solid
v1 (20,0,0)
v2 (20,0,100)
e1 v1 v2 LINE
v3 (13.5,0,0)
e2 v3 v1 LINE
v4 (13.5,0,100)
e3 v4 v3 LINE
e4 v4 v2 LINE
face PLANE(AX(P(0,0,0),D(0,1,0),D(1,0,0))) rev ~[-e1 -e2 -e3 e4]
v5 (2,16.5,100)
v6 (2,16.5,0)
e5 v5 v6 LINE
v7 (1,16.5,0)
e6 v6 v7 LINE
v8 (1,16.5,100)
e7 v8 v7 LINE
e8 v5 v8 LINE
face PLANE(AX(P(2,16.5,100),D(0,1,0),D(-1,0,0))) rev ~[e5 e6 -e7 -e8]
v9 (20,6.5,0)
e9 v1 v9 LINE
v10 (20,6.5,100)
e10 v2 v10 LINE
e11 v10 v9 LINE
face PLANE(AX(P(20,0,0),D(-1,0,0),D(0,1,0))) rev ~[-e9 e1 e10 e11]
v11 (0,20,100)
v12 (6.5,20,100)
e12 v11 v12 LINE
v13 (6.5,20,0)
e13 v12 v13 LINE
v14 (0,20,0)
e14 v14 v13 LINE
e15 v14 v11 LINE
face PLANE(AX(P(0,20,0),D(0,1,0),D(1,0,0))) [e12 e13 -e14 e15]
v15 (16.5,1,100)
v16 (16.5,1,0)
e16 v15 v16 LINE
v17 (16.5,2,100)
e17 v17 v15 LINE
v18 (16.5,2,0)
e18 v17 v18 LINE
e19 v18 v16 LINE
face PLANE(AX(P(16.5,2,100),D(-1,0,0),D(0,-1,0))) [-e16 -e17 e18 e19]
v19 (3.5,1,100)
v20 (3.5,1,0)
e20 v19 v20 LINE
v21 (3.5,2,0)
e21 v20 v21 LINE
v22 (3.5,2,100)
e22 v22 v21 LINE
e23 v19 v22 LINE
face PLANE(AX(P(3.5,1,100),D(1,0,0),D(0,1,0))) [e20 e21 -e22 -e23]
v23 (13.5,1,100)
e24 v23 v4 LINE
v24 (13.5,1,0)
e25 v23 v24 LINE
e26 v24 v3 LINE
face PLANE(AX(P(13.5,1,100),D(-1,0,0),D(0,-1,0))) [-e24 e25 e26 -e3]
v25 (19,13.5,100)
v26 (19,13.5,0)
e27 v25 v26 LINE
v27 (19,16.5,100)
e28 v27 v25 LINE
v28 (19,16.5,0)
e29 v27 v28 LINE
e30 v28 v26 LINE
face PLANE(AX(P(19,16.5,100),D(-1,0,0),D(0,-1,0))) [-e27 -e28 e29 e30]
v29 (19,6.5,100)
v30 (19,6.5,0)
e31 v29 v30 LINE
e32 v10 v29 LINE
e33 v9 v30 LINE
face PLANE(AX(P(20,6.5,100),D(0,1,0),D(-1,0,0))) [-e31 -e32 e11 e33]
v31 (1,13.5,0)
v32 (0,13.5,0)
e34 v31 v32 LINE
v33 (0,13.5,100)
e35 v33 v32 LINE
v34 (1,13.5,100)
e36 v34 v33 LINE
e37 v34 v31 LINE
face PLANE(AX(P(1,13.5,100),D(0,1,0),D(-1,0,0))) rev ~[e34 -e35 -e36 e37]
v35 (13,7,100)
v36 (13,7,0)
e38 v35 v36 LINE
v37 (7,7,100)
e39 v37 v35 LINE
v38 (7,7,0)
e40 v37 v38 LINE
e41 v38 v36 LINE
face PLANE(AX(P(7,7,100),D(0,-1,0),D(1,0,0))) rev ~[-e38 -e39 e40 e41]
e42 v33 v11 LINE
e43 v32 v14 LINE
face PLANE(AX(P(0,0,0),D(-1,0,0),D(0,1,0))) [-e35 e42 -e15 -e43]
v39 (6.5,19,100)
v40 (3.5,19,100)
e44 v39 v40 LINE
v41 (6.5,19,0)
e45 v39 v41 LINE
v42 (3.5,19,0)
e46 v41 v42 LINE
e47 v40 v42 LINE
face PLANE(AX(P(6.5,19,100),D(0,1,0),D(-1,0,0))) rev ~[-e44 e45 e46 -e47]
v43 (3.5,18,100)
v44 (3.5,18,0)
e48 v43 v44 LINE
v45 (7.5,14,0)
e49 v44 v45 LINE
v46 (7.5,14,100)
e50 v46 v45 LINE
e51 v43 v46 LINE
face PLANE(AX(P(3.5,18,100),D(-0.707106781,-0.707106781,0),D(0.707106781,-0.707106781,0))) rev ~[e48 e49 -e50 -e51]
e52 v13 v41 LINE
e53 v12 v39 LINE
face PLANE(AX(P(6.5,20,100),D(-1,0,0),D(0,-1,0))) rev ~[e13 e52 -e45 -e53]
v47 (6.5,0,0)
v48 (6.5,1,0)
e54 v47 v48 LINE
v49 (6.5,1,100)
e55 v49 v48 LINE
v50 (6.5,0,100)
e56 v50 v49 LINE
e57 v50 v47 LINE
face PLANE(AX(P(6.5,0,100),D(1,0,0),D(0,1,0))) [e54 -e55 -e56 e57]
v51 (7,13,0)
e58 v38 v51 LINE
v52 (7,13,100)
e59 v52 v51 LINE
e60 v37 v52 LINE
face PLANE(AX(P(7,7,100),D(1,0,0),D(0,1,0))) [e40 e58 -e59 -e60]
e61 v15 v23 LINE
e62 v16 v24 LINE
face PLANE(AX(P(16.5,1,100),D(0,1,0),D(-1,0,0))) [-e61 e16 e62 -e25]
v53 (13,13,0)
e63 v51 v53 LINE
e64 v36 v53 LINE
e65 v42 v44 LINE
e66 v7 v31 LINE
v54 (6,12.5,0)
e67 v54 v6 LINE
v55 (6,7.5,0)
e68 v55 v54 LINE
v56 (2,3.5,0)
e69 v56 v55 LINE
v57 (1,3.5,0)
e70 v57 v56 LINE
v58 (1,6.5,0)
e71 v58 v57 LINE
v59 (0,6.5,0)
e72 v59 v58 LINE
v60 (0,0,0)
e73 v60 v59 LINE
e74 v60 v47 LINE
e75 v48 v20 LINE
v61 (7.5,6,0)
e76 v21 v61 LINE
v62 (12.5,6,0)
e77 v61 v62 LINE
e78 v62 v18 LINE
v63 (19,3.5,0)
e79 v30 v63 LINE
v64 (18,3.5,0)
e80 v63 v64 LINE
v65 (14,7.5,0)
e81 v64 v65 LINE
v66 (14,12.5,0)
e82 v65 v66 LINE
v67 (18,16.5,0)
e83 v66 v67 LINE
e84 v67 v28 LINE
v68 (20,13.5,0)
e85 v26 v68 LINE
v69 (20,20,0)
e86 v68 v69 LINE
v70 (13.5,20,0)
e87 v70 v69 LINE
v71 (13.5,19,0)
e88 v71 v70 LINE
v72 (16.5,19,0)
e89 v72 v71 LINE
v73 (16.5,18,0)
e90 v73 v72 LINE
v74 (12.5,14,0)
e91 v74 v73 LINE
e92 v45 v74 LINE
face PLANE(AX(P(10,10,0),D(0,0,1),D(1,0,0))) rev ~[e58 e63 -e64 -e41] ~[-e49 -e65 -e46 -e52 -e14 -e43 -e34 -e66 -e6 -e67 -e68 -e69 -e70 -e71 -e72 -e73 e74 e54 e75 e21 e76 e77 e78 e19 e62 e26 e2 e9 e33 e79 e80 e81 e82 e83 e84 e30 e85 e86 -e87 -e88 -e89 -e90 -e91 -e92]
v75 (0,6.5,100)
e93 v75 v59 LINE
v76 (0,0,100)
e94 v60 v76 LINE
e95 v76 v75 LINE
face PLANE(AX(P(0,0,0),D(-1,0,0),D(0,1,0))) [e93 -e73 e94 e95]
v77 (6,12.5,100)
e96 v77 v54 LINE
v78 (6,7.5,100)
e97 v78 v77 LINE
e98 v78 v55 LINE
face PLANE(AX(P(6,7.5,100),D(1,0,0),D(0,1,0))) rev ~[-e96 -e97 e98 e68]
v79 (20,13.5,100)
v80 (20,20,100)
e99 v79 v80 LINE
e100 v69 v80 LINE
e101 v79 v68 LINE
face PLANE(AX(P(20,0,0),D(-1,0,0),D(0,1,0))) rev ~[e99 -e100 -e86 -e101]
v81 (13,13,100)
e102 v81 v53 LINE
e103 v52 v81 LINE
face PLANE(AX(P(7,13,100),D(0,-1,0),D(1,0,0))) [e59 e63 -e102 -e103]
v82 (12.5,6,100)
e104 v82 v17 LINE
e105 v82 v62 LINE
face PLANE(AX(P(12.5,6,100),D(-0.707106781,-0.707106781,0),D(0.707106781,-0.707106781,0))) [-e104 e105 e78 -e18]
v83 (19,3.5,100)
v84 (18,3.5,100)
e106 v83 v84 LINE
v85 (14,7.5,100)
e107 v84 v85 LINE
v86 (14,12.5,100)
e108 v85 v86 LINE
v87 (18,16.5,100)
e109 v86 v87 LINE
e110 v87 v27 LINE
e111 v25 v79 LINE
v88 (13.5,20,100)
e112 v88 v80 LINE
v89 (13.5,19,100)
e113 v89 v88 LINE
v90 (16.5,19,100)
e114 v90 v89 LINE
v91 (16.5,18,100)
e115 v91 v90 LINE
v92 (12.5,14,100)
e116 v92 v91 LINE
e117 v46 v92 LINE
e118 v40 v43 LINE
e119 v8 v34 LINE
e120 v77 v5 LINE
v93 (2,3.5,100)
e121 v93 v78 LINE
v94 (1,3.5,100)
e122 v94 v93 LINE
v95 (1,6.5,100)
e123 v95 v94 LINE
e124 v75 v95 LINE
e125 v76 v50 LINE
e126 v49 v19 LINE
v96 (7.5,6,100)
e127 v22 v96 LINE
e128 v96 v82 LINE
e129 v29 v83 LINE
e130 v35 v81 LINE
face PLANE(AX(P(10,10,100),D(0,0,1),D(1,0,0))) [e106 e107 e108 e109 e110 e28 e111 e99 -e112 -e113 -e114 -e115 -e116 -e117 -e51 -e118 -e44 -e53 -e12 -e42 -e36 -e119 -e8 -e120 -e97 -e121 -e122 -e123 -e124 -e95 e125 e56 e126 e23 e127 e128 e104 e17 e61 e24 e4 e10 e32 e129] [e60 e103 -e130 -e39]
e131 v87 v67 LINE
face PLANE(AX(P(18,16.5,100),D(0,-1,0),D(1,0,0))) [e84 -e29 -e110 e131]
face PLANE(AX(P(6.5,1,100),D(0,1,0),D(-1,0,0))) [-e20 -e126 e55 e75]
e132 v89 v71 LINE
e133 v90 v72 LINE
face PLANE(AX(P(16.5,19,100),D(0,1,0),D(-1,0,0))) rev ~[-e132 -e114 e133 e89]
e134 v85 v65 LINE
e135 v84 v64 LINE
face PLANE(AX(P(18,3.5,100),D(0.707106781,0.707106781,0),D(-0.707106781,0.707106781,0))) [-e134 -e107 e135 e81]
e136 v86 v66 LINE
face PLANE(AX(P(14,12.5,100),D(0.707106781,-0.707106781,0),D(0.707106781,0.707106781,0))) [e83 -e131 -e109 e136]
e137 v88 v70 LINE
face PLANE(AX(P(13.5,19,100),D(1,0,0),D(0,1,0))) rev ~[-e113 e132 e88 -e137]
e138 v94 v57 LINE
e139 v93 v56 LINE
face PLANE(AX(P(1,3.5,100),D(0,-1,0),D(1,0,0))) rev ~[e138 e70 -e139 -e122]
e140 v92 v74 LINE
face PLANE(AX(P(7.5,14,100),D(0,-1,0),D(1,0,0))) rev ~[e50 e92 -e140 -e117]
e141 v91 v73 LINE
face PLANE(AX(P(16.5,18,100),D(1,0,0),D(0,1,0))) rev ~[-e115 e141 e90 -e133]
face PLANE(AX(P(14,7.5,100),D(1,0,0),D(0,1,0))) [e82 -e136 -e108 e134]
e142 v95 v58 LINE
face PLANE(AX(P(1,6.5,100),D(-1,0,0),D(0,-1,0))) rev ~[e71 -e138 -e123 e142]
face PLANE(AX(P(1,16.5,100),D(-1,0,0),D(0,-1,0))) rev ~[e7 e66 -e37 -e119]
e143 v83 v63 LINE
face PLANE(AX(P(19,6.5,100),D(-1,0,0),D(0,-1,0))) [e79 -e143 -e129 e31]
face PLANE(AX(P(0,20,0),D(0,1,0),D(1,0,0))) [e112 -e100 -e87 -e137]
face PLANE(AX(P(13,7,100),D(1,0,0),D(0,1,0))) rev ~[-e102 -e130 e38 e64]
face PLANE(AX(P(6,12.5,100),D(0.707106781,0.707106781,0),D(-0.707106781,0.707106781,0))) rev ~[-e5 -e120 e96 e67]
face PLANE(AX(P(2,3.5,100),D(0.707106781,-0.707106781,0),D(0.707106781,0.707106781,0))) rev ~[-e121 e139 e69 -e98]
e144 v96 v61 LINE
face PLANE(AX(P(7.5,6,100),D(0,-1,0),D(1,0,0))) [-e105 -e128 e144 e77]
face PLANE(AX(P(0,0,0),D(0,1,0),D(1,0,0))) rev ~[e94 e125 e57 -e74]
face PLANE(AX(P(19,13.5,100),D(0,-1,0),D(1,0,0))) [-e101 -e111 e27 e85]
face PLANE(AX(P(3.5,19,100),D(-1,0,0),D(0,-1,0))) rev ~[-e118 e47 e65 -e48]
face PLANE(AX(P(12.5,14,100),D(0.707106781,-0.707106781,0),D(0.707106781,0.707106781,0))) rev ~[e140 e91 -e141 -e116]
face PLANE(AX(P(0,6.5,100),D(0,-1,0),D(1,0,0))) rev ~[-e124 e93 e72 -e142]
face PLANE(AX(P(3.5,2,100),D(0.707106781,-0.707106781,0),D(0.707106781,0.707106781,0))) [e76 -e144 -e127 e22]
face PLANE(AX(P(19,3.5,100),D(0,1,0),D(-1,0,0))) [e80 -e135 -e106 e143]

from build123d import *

# Parameters (mm, degrees)
SKETCH_W        = 20
SKETCH_H        = 20
PAD_DEPTH       = 100
SKETCH001_W     = 6
SKETCH001_H     = 6
POCKET_DEPTH    = 100.001
POCKET001_DEPTH = 100.001


with BuildPart() as part:
    # Sketch → Pad (new body)
    with BuildSketch(Plane.XY):
        with Locations((10, 10)):
            Rectangle(SKETCH_W, SKETCH_H)
    extrude(amount=PAD_DEPTH)

    # Sketch001 (on Face6 of Pad) → Pocket (cut, through all)
    with BuildSketch(Plane.XY.offset(100)):
        with Locations((10, 10)):
            Rectangle(SKETCH001_W, SKETCH001_H)
    extrude(amount=-POCKET_DEPTH, mode=Mode.SUBTRACT)

    # Sketch002 (on Face5 of Pocket) → Pocket001 (cut, through all)
    with BuildSketch(Plane.XY.offset(100)):
        Polygon((0, 6.5), (1, 6.5), (1, 3.5), (2, 3.5), (6, 7.5), (6, 12.5), (2, 16.5), (1, 16.5), (1, 13.5), (0, 13.5), align=None)
        Polygon((6.5, 0), (6.5, 1), (3.5, 1), (3.5, 2), (7.5, 6), (12.5, 6), (16.5, 2), (16.5, 1), (13.5, 1), (13.5, 0), align=None)
        Polygon((20, 6.5), (19, 6.5), (19, 3.5), (18, 3.5), (14, 7.5), (14, 12.5), (18, 16.5), (19, 16.5), (19, 13.5), (20, 13.5), align=None)
        Polygon((6.5, 20), (6.5, 19), (3.5, 19), (3.5, 18), (7.5, 14), (12.5, 14), (16.5, 18), (16.5, 19), (13.5, 19), (13.5, 20), align=None)
    extrude(amount=-POCKET001_DEPTH, mode=Mode.SUBTRACT)


solid = part.part
